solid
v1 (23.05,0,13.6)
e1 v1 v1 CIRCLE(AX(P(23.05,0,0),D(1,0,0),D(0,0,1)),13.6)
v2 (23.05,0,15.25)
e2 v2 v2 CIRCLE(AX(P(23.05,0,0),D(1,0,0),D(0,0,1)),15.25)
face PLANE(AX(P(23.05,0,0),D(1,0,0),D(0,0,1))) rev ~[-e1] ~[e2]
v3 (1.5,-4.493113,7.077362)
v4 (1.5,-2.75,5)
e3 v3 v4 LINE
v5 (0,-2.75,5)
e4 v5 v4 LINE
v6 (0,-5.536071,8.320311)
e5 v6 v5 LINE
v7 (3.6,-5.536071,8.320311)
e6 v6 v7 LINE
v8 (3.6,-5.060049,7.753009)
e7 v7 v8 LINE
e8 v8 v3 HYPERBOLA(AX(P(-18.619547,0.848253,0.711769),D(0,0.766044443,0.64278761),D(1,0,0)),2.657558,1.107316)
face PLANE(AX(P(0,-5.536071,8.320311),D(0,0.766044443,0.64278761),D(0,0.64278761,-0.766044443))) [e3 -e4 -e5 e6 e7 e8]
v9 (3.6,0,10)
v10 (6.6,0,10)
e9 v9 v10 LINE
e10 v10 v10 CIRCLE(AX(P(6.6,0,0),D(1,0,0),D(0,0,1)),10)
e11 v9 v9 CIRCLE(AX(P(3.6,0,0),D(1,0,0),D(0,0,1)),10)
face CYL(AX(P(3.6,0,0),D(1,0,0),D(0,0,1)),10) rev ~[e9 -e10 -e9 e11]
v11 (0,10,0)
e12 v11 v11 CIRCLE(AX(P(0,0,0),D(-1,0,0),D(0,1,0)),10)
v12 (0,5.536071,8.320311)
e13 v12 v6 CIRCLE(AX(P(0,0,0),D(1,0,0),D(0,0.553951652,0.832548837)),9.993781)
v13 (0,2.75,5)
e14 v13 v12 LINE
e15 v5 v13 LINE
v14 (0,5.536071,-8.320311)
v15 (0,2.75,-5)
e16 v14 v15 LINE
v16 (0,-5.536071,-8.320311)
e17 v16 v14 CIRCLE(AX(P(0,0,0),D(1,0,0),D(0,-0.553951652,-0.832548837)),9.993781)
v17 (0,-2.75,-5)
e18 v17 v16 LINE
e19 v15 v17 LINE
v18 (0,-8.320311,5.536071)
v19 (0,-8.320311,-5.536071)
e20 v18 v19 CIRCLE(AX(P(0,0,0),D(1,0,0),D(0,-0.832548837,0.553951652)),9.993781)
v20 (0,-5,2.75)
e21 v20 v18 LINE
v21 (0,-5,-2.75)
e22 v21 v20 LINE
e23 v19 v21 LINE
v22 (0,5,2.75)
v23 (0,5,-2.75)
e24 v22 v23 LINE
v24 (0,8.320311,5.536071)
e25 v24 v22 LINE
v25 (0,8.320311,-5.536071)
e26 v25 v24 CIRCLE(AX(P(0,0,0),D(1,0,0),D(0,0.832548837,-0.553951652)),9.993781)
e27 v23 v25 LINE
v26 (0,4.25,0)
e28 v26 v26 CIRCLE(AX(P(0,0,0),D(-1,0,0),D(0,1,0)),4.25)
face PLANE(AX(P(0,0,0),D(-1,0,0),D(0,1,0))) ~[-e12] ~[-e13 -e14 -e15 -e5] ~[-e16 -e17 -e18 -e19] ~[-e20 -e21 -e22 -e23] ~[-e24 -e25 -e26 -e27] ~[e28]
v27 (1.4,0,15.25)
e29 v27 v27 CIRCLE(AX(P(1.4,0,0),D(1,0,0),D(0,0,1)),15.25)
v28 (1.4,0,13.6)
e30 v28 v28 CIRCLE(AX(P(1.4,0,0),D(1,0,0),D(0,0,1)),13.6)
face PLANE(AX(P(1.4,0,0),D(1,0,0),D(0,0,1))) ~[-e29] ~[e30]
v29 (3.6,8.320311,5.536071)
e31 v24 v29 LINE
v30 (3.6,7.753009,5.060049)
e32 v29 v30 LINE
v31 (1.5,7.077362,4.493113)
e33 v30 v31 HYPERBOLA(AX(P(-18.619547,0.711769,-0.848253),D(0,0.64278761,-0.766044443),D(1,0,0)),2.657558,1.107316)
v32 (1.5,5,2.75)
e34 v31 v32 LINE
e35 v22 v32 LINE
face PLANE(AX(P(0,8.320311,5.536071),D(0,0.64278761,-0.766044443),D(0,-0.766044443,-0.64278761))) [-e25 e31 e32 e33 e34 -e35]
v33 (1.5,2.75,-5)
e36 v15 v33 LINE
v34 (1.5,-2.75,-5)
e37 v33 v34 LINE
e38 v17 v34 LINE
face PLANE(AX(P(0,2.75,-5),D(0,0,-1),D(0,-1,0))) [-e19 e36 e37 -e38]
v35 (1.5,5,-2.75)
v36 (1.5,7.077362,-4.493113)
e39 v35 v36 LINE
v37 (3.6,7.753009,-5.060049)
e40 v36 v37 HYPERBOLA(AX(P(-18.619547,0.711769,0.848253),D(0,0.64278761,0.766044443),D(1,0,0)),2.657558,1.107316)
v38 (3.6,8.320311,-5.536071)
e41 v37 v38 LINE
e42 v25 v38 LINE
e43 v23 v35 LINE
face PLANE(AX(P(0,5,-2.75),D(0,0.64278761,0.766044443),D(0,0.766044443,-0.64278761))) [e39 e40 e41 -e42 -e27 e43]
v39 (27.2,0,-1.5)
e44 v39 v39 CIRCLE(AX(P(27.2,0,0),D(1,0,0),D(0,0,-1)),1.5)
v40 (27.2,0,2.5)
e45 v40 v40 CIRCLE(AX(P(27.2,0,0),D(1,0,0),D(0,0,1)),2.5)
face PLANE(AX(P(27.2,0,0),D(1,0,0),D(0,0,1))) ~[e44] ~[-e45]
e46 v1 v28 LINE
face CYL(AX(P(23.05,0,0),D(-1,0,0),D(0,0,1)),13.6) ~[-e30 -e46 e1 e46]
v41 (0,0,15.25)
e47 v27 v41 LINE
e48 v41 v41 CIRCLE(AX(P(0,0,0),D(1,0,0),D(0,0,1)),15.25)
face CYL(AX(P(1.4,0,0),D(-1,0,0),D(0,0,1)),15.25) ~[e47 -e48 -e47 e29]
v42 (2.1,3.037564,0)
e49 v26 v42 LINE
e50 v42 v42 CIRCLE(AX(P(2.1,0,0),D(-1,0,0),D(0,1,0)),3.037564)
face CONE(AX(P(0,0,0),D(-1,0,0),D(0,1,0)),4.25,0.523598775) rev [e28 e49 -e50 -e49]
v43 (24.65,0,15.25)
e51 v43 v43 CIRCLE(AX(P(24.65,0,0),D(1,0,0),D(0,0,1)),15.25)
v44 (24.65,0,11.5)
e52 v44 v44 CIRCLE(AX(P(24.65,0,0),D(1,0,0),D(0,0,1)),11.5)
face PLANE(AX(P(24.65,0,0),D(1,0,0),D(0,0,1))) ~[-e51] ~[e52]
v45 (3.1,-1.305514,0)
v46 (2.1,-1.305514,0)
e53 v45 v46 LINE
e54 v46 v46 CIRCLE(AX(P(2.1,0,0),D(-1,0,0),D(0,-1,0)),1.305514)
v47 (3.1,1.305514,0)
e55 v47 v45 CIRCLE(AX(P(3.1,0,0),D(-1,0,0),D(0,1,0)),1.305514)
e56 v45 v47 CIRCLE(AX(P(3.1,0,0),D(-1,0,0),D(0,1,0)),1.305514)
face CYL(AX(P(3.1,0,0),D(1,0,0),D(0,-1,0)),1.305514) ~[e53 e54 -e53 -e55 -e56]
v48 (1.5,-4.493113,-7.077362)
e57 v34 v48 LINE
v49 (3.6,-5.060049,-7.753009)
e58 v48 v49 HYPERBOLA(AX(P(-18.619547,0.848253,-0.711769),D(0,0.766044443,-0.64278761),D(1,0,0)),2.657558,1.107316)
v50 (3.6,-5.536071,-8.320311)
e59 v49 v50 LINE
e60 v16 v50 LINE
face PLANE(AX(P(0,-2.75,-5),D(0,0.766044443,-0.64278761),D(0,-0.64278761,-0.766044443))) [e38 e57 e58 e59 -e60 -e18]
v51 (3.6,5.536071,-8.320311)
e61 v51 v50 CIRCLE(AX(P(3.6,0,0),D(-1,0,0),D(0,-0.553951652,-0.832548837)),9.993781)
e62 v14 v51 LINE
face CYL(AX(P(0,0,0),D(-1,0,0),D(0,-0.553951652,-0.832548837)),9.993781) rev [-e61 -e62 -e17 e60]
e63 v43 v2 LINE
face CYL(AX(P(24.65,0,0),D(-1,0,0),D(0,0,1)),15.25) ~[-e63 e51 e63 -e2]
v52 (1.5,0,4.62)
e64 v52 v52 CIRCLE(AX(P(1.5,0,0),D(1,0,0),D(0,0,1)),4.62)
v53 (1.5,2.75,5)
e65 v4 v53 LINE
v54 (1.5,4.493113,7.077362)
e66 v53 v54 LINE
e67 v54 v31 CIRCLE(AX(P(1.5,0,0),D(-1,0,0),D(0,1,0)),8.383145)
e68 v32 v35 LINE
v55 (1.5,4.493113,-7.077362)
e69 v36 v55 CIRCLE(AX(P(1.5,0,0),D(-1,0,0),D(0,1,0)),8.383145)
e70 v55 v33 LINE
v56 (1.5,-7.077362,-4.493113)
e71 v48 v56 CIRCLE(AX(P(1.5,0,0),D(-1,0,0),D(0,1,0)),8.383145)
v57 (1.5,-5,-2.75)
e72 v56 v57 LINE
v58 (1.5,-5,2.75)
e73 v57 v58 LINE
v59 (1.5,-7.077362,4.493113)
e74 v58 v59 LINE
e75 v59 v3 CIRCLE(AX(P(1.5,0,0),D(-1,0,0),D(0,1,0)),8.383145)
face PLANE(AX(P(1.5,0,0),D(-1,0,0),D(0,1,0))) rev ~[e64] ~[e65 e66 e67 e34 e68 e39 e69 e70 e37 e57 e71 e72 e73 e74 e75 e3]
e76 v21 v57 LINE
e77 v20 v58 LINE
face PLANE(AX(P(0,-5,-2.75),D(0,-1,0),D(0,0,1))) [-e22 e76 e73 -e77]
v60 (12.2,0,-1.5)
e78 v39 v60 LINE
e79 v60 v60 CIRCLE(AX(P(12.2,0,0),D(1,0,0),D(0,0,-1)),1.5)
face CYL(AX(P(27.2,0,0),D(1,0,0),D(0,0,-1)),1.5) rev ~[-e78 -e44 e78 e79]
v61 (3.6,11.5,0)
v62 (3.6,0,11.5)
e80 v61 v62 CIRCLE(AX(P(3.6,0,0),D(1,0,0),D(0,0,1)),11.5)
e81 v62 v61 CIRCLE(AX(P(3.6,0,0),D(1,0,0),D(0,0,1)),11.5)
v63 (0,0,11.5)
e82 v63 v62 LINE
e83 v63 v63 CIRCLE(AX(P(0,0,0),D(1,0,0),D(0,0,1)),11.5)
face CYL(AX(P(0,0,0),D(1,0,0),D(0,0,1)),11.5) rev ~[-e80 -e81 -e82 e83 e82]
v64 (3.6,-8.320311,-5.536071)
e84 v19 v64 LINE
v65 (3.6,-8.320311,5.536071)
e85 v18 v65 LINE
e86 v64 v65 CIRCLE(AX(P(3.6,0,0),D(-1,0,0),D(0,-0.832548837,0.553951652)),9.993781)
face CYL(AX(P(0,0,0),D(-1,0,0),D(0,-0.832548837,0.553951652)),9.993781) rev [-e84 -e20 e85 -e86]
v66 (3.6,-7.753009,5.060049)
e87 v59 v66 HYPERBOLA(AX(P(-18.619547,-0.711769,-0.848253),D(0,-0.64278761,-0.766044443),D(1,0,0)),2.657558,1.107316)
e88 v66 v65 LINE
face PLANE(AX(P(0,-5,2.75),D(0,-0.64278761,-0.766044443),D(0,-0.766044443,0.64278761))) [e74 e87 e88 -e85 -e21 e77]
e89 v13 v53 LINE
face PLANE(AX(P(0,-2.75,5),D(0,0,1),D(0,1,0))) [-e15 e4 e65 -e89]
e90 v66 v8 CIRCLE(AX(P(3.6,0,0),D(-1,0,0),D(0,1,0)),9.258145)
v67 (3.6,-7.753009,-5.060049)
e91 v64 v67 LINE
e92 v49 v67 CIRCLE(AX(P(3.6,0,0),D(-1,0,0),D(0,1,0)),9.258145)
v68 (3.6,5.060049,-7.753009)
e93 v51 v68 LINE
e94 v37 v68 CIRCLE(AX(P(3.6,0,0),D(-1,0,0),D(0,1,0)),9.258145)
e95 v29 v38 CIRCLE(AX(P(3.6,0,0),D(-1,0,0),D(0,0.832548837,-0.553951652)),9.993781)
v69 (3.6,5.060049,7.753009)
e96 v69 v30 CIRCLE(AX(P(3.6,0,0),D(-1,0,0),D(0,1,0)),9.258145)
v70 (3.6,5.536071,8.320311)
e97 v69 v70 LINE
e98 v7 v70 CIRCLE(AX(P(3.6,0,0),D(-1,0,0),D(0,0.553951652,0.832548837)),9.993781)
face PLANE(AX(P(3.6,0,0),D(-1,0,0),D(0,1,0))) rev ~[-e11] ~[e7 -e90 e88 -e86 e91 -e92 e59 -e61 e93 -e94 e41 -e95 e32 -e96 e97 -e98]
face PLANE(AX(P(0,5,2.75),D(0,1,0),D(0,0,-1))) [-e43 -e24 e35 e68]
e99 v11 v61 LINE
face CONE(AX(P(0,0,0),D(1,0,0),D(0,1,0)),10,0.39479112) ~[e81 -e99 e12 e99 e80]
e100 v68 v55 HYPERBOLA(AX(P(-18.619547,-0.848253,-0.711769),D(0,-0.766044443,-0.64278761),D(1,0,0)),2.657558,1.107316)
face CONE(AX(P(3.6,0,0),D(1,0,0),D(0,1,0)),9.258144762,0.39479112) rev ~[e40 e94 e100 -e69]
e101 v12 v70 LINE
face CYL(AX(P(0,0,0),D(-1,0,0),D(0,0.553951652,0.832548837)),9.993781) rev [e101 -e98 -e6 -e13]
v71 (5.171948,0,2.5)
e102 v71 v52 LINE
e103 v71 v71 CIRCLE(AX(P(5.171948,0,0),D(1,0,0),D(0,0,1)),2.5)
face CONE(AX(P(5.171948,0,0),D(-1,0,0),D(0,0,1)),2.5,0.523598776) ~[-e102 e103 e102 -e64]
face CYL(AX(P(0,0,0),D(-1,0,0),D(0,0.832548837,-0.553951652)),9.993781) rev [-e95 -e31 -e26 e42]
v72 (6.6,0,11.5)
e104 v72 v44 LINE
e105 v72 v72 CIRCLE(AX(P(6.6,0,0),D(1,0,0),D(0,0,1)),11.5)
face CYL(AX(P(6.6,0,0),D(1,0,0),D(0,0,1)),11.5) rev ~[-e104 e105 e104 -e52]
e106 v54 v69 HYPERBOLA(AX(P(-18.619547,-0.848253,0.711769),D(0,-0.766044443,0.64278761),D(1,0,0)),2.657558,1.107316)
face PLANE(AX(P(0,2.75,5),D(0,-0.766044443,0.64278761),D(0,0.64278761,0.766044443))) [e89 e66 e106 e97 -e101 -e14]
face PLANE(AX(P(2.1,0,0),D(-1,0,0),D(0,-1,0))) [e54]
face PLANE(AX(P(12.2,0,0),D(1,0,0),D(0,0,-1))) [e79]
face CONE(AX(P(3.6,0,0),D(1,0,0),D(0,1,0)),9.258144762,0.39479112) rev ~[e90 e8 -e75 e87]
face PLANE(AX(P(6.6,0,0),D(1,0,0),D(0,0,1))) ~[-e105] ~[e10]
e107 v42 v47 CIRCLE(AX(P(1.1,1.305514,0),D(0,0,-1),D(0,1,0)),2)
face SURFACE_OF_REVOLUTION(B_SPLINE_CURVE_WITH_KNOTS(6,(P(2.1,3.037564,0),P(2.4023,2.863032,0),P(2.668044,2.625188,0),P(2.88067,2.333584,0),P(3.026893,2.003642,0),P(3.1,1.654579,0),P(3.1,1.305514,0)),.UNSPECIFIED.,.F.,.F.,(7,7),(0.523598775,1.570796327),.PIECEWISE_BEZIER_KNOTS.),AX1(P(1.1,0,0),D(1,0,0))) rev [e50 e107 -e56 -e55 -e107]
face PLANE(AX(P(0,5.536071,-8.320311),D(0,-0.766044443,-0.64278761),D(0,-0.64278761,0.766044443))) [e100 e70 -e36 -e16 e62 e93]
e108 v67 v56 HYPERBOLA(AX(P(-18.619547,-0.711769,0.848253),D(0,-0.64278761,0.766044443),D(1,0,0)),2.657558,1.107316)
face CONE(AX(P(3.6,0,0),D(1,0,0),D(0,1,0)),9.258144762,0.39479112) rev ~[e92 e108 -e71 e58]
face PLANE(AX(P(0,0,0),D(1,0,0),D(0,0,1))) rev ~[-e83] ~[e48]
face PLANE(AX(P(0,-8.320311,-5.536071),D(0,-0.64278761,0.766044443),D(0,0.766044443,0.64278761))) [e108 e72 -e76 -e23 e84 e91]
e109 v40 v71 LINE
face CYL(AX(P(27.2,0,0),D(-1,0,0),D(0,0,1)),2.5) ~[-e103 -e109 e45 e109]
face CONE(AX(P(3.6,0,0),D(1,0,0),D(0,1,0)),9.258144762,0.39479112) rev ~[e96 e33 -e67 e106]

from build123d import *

# Parameters (mm, degrees)
SKETCH4_R           = 1.5
CUT_EXTRUDE1_DEPTH  = 15
CUT_EXTRUDE3_DEPTH  = 15
FILLET1_R           = 2
SKETCH8_R           = 1.305513627
BOSS_EXTRUDE1_DEPTH = 1


with BuildPart() as part:
    # Sketch1 → Revolve1 (revolve)
    with BuildSketch(Plane.XY, mode=Mode.PRIVATE) as revolve1_sk:
        Polygon((0, 15.25), (0, 11.5), (3.6, 11.5), (3.6, 10), (6.6, 10), (6.6, 11.5), (24.65, 11.5), (24.65, 15.25), (23.05, 15.25), (23.05, 13.6), (1.4, 13.6), (1.4, 15.25), align=None)
    revolve(revolve1_sk.sketch.rotate(Axis((0, 0, 0), (1, 0, 0)), 90), axis=Axis((0, 0, 0), (1, 0, 0)))



with BuildPart() as body_2:
    # Sketch3 → Revolve2 (revolve)
    with BuildSketch(Plane.XY, mode=Mode.PRIVATE) as revolve2_sk:
        Polygon((1.5, 0), (27.2, 0), (27.2, 2.5), (5.171947712, 2.5), (1.5, 4.62), align=None)
    revolve(revolve2_sk.sketch.rotate(Axis((0, 0, 0), (1, 0, 0)), 90), axis=Axis((0, 0, 0), (1, 0, 0)))

    # Sketch4 → Cut-Extrude1 (cut)
    with BuildSketch(Plane(origin=(27.2, 0, 0), x_dir=(0, 0, -1), z_dir=(1, 0, 0))):
        Circle(SKETCH4_R)
    extrude(amount=-CUT_EXTRUDE1_DEPTH, mode=Mode.SUBTRACT)


with BuildPart() as part_1:
    add(part.part)

    add(body_2.part)  # Revolve4 merges body 2
    # Sketch5 → Revolve4 (revolve)
    with BuildSketch(Plane.XY):
        Polygon((0, 0), (0, 10), (3.6, 11.5), (3.6, 9.258144762), (1.5, 8.383144762), (1.5, 0), align=None)
    revolve(axis=Axis((1.5, 0, 0), (-1, 0, 0)))

    # Sketch6 → Cut-Extrude3 (cut)
    with BuildSketch(Plane.ZY):
        with BuildLine():
            Line((2.75, 5), (-2.75, 5))
            Line((-2.75, 5), (-5.536071385, 8.320310583))
            ThreePointArc((-5.536071385, 8.320310583), (0, 9.993780795), (5.536071385, 8.320310583))
            Line((5.536071385, 8.320310583), (2.75, 5))
        make_face()
        with BuildLine():
            Line((5, 2.75), (8.320310583, 5.536071385))
            ThreePointArc((8.320310583, 5.536071385), (9.993780795, 0), (8.320310583, -5.536071385))
            Line((8.320310583, -5.536071385), (5, -2.75))
            Line((5, -2.75), (5, 2.75))
        make_face()
        with BuildLine():
            Line((2.75, -5), (5.536071385, -8.320310583))
            ThreePointArc((5.536071385, -8.320310583), (0, -9.993780795), (-5.536071385, -8.320310583))
            Line((-5.536071385, -8.320310583), (-2.75, -5))
            Line((-2.75, -5), (2.75, -5))
        make_face()
        with BuildLine():
            Line((-5, -2.75), (-8.320310583, -5.536071385))
            ThreePointArc((-8.320310583, -5.536071385), (-9.993780795, 0), (-8.320310583, 5.536071385))
            Line((-8.320310583, 5.536071385), (-5, 2.75))
            Line((-5, 2.75), (-5, -2.75))
        make_face()
    extrude(amount=-CUT_EXTRUDE3_DEPTH, mode=Mode.SUBTRACT)

    # Sketch7 → Cut-Revolve1 (revolve, cut)
    with BuildSketch(Plane.XY):
        Polygon((3.1, 0), (0, 0), (0, 4.25), (3.1, 2.460214166), align=None)
    revolve(axis=Axis((3.1, 0, 0), (-1, 0, 0)), mode=Mode.SUBTRACT)

    # Fillet1
    fillet1_edges = [part_1.edges().sort_by_distance(p)[0] for p in [
        (3.1, -2.460214166, 0),
    ]]
    fillet(fillet1_edges, radius=FILLET1_R)

    # Sketch8 → Boss-Extrude1 (add)
    with BuildSketch(Plane.ZY.offset(-3.1)):
        with Locations(Location((0, 0, 0), (0, 0, 270))):
            Circle(SKETCH8_R)
    extrude(amount=BOSS_EXTRUDE1_DEPTH)


solid = part_1.part
